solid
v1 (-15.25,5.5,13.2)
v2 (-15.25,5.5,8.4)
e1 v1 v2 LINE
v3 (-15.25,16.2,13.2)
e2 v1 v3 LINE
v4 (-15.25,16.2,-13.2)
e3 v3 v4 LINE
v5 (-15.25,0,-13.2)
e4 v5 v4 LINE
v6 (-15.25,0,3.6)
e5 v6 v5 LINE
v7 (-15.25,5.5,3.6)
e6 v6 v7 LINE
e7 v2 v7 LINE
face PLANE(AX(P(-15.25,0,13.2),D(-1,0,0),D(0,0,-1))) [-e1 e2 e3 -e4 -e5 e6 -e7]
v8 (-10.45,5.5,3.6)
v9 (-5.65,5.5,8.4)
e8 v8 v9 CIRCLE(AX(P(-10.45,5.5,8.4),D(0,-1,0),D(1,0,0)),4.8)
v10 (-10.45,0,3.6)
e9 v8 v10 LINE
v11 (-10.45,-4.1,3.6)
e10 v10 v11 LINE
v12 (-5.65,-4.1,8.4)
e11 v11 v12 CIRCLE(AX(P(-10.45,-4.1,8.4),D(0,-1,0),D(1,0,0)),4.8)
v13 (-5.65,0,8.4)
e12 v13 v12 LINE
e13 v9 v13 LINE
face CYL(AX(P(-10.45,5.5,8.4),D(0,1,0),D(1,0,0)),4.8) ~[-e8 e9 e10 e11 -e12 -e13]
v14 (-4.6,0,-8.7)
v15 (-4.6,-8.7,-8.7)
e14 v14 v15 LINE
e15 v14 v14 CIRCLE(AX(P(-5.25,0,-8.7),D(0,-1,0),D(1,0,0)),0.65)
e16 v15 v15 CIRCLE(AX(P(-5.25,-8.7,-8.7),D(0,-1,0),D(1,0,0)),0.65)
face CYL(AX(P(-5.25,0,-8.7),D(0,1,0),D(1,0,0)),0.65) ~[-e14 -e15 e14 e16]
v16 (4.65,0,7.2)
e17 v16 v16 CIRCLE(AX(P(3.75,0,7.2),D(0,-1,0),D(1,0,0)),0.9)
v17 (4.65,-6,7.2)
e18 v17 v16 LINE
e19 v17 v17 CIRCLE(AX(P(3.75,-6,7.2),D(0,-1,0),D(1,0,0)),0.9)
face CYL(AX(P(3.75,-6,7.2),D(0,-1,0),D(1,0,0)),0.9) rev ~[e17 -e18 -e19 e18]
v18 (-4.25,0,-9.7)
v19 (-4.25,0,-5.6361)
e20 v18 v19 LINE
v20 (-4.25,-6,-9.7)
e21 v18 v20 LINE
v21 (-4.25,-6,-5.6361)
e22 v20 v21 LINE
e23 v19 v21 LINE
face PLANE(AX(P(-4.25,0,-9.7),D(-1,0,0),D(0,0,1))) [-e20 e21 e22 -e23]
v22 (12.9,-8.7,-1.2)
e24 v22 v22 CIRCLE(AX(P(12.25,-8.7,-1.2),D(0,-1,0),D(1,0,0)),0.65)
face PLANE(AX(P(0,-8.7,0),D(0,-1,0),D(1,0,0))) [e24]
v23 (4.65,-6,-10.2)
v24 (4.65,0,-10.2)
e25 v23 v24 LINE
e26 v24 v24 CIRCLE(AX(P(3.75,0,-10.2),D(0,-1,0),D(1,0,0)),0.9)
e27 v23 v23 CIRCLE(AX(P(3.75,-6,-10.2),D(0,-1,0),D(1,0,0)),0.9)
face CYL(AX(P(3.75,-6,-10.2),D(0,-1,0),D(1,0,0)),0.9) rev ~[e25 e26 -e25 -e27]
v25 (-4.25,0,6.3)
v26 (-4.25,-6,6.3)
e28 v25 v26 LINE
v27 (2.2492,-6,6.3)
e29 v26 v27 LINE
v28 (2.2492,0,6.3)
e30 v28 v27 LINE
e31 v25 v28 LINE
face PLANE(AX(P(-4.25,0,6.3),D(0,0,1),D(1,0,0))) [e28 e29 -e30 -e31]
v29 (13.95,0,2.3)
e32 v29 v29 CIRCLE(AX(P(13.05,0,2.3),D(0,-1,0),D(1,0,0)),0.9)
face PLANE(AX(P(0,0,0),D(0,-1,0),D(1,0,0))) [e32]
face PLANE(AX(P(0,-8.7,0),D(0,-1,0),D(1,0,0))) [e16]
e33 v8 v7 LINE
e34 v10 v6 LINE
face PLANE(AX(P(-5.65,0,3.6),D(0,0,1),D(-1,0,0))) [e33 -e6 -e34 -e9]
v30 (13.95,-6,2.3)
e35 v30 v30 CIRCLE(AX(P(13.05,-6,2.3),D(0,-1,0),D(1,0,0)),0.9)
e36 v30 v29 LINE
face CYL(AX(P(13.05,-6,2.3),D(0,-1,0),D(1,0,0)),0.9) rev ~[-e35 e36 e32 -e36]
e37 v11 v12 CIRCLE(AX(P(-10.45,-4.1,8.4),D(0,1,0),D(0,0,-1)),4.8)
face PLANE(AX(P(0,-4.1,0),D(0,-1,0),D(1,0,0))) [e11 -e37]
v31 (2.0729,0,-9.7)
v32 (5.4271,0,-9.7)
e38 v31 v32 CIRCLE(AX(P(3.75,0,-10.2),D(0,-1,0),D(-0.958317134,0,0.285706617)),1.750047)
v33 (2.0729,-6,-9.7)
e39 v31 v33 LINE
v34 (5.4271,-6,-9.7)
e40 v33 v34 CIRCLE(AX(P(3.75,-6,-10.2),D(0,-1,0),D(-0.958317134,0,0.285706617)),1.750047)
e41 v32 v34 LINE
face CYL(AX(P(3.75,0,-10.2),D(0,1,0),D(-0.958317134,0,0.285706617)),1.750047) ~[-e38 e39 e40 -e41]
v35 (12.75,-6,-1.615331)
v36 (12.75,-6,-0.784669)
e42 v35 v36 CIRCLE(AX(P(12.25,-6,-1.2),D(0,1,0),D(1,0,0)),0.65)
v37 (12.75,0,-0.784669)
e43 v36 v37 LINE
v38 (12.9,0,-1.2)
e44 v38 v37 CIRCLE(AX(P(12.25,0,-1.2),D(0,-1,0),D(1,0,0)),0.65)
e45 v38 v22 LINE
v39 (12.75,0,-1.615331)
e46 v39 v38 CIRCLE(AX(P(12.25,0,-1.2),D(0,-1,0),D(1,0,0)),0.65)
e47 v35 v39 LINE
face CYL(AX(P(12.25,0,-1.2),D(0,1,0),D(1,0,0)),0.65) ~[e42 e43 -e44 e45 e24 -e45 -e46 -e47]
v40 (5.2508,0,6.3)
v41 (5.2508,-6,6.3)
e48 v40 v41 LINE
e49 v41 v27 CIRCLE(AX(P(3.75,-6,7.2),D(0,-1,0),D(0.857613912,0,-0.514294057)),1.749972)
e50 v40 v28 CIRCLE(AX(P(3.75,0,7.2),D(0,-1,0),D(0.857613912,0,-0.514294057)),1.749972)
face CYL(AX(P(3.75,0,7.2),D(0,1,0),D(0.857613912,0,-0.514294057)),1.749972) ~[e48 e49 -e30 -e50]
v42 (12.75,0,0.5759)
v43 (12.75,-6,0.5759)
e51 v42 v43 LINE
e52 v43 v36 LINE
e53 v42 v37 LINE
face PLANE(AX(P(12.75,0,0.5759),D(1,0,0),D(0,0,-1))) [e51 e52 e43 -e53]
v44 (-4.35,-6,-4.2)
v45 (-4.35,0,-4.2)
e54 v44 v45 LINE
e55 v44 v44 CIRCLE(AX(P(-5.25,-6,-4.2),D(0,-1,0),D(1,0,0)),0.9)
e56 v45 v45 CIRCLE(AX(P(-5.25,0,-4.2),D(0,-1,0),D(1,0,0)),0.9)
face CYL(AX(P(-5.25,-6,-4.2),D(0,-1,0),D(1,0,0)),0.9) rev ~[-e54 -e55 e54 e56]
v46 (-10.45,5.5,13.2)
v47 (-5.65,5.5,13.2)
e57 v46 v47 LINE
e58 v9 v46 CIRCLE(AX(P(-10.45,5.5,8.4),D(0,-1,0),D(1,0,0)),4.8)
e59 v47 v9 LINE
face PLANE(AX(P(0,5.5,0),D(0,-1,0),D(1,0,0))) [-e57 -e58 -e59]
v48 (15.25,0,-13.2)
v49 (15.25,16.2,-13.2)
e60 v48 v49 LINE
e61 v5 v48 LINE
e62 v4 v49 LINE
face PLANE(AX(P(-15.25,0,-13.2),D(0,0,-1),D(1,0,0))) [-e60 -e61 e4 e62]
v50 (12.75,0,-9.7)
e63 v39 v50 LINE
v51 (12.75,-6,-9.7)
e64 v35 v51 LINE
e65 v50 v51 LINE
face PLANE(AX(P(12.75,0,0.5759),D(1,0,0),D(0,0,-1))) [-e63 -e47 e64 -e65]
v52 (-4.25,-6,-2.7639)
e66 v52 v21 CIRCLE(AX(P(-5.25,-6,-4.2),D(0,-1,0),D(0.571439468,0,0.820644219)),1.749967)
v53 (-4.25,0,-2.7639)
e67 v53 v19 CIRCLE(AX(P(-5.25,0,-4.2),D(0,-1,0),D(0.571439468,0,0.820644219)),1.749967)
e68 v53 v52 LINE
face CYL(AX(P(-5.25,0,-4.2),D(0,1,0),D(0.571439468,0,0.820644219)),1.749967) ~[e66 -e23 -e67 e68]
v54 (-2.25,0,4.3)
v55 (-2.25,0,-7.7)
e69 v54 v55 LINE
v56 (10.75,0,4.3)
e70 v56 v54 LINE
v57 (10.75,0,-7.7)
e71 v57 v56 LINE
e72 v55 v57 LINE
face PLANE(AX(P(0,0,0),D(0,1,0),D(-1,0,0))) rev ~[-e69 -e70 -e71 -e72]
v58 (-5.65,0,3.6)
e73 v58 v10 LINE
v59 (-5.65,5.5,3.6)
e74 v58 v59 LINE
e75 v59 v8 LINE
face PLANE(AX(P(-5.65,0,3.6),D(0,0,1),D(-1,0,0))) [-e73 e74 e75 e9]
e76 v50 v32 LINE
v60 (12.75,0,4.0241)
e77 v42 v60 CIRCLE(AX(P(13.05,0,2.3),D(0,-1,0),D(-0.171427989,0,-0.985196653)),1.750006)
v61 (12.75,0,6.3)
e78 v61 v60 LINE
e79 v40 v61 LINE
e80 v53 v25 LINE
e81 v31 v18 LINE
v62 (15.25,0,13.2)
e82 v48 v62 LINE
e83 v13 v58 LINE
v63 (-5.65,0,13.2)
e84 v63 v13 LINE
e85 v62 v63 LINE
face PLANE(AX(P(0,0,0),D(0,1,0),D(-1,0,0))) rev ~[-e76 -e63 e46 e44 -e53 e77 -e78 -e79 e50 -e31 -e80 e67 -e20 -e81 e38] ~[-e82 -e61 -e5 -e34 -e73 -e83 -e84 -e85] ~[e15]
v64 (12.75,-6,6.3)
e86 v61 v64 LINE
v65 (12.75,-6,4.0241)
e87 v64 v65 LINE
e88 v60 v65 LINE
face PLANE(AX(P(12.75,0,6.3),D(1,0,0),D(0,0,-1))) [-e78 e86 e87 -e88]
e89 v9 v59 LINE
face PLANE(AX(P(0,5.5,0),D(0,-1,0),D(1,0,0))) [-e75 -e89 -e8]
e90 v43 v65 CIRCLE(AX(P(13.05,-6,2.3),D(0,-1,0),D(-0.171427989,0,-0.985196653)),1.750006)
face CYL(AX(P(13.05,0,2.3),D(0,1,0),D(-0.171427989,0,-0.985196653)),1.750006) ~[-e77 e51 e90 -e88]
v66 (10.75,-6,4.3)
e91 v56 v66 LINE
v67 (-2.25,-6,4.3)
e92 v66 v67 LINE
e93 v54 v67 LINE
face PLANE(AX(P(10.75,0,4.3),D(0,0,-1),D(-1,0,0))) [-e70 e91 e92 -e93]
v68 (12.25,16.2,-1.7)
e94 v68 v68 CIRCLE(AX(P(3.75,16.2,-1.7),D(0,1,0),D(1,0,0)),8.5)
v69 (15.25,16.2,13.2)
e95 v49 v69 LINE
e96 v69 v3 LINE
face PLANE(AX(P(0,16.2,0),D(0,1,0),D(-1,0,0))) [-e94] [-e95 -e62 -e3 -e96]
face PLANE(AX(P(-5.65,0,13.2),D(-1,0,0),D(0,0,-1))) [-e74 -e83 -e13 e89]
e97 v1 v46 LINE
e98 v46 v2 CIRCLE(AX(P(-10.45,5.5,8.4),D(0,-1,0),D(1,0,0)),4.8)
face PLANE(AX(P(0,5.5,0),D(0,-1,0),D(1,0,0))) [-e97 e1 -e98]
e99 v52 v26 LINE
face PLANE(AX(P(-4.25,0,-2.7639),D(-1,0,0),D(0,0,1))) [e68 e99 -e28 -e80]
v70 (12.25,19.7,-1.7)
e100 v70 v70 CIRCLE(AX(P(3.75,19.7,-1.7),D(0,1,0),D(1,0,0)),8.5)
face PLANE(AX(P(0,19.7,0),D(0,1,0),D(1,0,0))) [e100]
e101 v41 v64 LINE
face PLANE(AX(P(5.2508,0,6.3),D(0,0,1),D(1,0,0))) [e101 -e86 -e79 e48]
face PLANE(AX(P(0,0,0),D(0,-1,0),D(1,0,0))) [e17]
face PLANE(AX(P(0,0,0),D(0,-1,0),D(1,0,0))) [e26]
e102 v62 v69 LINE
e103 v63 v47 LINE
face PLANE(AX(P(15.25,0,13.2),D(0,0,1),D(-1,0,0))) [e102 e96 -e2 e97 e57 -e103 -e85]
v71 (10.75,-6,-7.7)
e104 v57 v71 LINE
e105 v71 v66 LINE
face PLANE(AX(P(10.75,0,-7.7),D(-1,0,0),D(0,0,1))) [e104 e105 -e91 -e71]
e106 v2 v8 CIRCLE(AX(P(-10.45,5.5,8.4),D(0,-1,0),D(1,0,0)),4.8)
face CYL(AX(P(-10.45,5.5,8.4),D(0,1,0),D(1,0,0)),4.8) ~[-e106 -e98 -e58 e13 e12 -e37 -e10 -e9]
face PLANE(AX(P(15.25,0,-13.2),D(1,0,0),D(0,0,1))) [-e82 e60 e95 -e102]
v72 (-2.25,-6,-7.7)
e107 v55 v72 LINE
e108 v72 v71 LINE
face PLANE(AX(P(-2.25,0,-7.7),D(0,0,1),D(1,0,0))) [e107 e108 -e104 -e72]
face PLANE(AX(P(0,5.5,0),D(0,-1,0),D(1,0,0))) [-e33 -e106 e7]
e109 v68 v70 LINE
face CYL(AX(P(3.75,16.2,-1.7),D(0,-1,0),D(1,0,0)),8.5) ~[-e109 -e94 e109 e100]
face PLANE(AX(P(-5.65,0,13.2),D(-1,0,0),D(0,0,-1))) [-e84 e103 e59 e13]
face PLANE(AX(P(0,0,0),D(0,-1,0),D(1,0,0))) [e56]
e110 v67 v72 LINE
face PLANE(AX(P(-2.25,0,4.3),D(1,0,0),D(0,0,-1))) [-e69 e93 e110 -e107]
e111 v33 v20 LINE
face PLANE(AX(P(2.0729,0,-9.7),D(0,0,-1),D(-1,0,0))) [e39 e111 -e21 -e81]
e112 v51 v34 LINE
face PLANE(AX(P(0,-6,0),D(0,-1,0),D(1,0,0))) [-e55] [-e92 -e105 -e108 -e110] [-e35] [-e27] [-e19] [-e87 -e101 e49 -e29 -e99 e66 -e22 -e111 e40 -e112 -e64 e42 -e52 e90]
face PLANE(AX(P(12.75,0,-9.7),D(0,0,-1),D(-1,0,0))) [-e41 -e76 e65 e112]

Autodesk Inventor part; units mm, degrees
ref_plane "YZ Plane" through (0, 0, 0) normal (1, 0, 0) x (0, 1, 0)
ref_plane "XZ Plane" through (0, 0, 0) normal (0, 1, 0) x (-1, 0, 0)
ref_plane "XY Plane" through (0, 0, 0) normal (0, 0, 1) x (1, 0, 0)
sketch "Sketch1" plane through (0, 0, 0) normal (0, 1, 0) x (-1, 0, 0)
  line L0 (-15.25, 13.2) -> (15.25, 13.2)
  line L1 (15.25, 13.2) -> (15.25, -13.2)
  line L2 (15.25, -13.2) -> (-15.25, -13.2)
  line L3 (-15.25, -13.2) -> (-15.25, 13.2)
  line L4 (-15.25, 13.2) -> (15.25, -13.2) construction
  line L5 (15.25, 13.2) -> (-15.25, -13.2) construction
  point P0 (0, 0)
  dimension "d0" = 30.5
  dimension "d1" = 26.4
extrude "Extrusion1" add sketch "Sketch1" along normal blind 16.2
sketch "Sketch2" plane through (0, 16.2, 0) normal (0, 1, 0) x (1, 0, 0)
  circle A0 centre (3.75, 1.7) radius 8.5
  line L0 (15.25, -13.2) -> (15.25, 13.2) projected
  line L1 (15.25, 13.2) -> (-15.25, 13.2) projected
  point P0 (0, 0)
  dimension "d4" = 17
  dimension "d5" = 11.5
  dimension "d6" = 11.5
extrude "Extrusion2" add sketch "Sketch2" along normal blind 3.5
sketch "Sketch3" plane through (0, 0, 0) normal (0, -1, 0) x (1, 0, 0)
  line L0 (-15.25, 13.2) -> (-15.25, -13.2) projected
  line L1 (-15.25, 13.2) -> (-5.65, 13.2)
  line L2 (-5.65, 13.2) -> (-5.65, 3.6)
  line L3 (-5.65, 3.6) -> (-15.25, 3.6)
  line L4 (-15.25, 3.6) -> (-15.25, 13.2)
  point P0 (0, 0)
  dimension "d9" = 9.6
  dimension "d10" = 9.6
extrude "Extrusion3" cut sketch "Sketch3" against normal blind 5.5
sketch "Sketch4" plane through (0, 5.5, 0) normal (0, -1, 0) x (1, 0, 0)
  line L0 (-15.25, 13.2) -> (-5.65, 13.2) projected
  line L1 (-15.25, 3.6) -> (-15.25, 13.2) projected
  line L2 (-5.65, 3.6) -> (-15.25, 3.6) projected
  line L3 (-5.65, 13.2) -> (-5.65, 3.6) projected
  circle A0 centre (-10.45, 8.4) radius 4.8
  point P0 (0, 0)
  dimension "d13" = 9.6
extrude "Extrusion4" add sketch "Sketch4" along normal blind 9.6 contours A0
sketch "Sketch5" plane through (0, 0, 0) normal (0, -1, 0) x (1, 0, 0)
  line L0 (-15.25, -13.2) -> (15.25, -13.2) projected
  line L1 (15.25, -13.2) -> (15.25, 13.2) projected
  line L2 (-2.25, -7.7) -> (10.75, -7.7)
  line L3 (10.75, -7.7) -> (10.75, 4.3)
  line L4 (10.75, 4.3) -> (-2.25, 4.3)
  line L5 (-2.25, 4.3) -> (-2.25, -7.7)
  arc A0 (12.75, 0.5759) -> (12.75, 4.0241) centre (13.05, 2.3) ccw
  arc A1 (2.0729, -9.7) -> (5.4271, -9.7) centre (3.75, -10.2) ccw
  arc A2 (5.2508, 6.3) -> (2.2492, 6.3) centre (3.75, 7.2) ccw
  arc A3 (-4.25, -2.7639) -> (-4.25, -5.6361) centre (-5.25, -4.2) ccw
  line L6 (12.75, -9.7) -> (5.4271, -9.7)
  line L7 (2.0729, -9.7) -> (-4.25, -9.7)
  line L8 (-15.25, 3.6) -> (-15.25, -13.2) projected
  line L9 (15.25, 13.2) -> (-5.65, 13.2) projected
  line L10 (-4.25, 6.3) -> (2.2492, 6.3)
  line L11 (5.2508, 6.3) -> (12.75, 6.3)
  line L12 (12.75, 6.3) -> (12.75, 4.0241)
  line L13 (12.75, 0.5759) -> (12.75, -9.7)
  line L14 (-4.25, -9.7) -> (-4.25, -5.6361)
  line L15 (-4.25, -2.7639) -> (-4.25, 6.3)
  point P0 (0, 0)
  dimension "d16" = 17
  dimension "d17" = 16
  dimension "d23" = 3.5
  dimension "d24" = 3.5
  dimension "d25" = 3.5
  dimension "d26" = 3.5
  dimension "d27" = 11.5
  dimension "d28" = 3
  dimension "d29" = 9
  dimension "d30" = 10
  dimension "d31" = 11.5
  dimension "d32" = 6
  dimension "d33" = 2.2
  dimension "d34" = 15.5
extrude "Extrusion5" add sketch "Sketch5" along normal blind 6
sketch "Sketch6" plane through (0, -6, 0) normal (0, -1, 0) x (1, 0, 0)
  line L0 (-2.25, -7.7) -> (-2.25, 4.3) projected
  line L1 (-2.25, 4.3) -> (10.75, 4.3) projected
  line L2 (10.75, 4.3) -> (10.75, -7.7) projected
  line L3 (10.75, -7.7) -> (-2.25, -7.7) projected
  line L4 (5.4271, -9.7) -> (12.75, -9.7) projected
  line L5 (12.75, -9.7) -> (12.75, 0.5759) projected
  arc A0 (12.75, 0.5759) -> (12.75, 4.0241) centre (13.05, 2.3) ccw projected
  line L6 (12.75, 4.0241) -> (12.75, 6.3) projected
  line L7 (12.75, 6.3) -> (5.2508, 6.3) projected
  arc A1 (5.2508, 6.3) -> (2.2492, 6.3) centre (3.75, 7.2) ccw projected
  line L8 (2.2492, 6.3) -> (-4.25, 6.3) projected
  line L9 (-4.25, 6.3) -> (-4.25, -2.7639) projected
  arc A2 (-4.25, -2.7639) -> (-4.25, -5.6361) centre (-5.25, -4.2) ccw projected
  line L10 (-4.25, -5.6361) -> (-4.25, -9.7) projected
  line L11 (-4.25, -9.7) -> (2.0729, -9.7) projected
  arc A3 (2.0729, -9.7) -> (5.4271, -9.7) centre (3.75, -10.2) ccw projected
  circle A4 centre (3.75, 7.2) radius 0.9
  circle A5 centre (13.05, 2.3) radius 0.9
  circle A6 centre (3.75, -10.2) radius 0.9
  circle A7 centre (-5.25, -4.2) radius 0.9
  point P0 (0, 0)
  dimension "d35" = 1.8
  dimension "d36" = 1.8
  dimension "d37" = 1.8
extrude "Extrusion6" cut sketch "Sketch6" against normal blind 6 contours A4 | A5 | A6 | A7
sketch "Sketch7" plane through (0, 0, 0) normal (0, -1, 0) x (1, 0, 0)
  circle A0 centre (-5.25, -8.7) radius 0.65
  circle A1 centre (12.25, -1.2) radius 0.65
  line L0 (-15.25, -13.2) -> (15.25, -13.2) projected
  line L1 (15.25, -13.2) -> (15.25, 13.2) projected
  point P0 (0, 0)
  dimension "d40" = 1.3
  dimension "d41" = 1.3
  dimension "d42" = 12
  dimension "d43" = 3
  dimension "d44" = 4.5
  dimension "d45" = 20.5
extrude "Extrusion7" add sketch "Sketch7" along normal blind 8.7
ref_plane "Arbeitsebene1" through (0, 0, -13.2) normal (-1, 0, 0) x (0, 0, 1)
properties part number "102_Z_Focus_CCTV_Camera"
